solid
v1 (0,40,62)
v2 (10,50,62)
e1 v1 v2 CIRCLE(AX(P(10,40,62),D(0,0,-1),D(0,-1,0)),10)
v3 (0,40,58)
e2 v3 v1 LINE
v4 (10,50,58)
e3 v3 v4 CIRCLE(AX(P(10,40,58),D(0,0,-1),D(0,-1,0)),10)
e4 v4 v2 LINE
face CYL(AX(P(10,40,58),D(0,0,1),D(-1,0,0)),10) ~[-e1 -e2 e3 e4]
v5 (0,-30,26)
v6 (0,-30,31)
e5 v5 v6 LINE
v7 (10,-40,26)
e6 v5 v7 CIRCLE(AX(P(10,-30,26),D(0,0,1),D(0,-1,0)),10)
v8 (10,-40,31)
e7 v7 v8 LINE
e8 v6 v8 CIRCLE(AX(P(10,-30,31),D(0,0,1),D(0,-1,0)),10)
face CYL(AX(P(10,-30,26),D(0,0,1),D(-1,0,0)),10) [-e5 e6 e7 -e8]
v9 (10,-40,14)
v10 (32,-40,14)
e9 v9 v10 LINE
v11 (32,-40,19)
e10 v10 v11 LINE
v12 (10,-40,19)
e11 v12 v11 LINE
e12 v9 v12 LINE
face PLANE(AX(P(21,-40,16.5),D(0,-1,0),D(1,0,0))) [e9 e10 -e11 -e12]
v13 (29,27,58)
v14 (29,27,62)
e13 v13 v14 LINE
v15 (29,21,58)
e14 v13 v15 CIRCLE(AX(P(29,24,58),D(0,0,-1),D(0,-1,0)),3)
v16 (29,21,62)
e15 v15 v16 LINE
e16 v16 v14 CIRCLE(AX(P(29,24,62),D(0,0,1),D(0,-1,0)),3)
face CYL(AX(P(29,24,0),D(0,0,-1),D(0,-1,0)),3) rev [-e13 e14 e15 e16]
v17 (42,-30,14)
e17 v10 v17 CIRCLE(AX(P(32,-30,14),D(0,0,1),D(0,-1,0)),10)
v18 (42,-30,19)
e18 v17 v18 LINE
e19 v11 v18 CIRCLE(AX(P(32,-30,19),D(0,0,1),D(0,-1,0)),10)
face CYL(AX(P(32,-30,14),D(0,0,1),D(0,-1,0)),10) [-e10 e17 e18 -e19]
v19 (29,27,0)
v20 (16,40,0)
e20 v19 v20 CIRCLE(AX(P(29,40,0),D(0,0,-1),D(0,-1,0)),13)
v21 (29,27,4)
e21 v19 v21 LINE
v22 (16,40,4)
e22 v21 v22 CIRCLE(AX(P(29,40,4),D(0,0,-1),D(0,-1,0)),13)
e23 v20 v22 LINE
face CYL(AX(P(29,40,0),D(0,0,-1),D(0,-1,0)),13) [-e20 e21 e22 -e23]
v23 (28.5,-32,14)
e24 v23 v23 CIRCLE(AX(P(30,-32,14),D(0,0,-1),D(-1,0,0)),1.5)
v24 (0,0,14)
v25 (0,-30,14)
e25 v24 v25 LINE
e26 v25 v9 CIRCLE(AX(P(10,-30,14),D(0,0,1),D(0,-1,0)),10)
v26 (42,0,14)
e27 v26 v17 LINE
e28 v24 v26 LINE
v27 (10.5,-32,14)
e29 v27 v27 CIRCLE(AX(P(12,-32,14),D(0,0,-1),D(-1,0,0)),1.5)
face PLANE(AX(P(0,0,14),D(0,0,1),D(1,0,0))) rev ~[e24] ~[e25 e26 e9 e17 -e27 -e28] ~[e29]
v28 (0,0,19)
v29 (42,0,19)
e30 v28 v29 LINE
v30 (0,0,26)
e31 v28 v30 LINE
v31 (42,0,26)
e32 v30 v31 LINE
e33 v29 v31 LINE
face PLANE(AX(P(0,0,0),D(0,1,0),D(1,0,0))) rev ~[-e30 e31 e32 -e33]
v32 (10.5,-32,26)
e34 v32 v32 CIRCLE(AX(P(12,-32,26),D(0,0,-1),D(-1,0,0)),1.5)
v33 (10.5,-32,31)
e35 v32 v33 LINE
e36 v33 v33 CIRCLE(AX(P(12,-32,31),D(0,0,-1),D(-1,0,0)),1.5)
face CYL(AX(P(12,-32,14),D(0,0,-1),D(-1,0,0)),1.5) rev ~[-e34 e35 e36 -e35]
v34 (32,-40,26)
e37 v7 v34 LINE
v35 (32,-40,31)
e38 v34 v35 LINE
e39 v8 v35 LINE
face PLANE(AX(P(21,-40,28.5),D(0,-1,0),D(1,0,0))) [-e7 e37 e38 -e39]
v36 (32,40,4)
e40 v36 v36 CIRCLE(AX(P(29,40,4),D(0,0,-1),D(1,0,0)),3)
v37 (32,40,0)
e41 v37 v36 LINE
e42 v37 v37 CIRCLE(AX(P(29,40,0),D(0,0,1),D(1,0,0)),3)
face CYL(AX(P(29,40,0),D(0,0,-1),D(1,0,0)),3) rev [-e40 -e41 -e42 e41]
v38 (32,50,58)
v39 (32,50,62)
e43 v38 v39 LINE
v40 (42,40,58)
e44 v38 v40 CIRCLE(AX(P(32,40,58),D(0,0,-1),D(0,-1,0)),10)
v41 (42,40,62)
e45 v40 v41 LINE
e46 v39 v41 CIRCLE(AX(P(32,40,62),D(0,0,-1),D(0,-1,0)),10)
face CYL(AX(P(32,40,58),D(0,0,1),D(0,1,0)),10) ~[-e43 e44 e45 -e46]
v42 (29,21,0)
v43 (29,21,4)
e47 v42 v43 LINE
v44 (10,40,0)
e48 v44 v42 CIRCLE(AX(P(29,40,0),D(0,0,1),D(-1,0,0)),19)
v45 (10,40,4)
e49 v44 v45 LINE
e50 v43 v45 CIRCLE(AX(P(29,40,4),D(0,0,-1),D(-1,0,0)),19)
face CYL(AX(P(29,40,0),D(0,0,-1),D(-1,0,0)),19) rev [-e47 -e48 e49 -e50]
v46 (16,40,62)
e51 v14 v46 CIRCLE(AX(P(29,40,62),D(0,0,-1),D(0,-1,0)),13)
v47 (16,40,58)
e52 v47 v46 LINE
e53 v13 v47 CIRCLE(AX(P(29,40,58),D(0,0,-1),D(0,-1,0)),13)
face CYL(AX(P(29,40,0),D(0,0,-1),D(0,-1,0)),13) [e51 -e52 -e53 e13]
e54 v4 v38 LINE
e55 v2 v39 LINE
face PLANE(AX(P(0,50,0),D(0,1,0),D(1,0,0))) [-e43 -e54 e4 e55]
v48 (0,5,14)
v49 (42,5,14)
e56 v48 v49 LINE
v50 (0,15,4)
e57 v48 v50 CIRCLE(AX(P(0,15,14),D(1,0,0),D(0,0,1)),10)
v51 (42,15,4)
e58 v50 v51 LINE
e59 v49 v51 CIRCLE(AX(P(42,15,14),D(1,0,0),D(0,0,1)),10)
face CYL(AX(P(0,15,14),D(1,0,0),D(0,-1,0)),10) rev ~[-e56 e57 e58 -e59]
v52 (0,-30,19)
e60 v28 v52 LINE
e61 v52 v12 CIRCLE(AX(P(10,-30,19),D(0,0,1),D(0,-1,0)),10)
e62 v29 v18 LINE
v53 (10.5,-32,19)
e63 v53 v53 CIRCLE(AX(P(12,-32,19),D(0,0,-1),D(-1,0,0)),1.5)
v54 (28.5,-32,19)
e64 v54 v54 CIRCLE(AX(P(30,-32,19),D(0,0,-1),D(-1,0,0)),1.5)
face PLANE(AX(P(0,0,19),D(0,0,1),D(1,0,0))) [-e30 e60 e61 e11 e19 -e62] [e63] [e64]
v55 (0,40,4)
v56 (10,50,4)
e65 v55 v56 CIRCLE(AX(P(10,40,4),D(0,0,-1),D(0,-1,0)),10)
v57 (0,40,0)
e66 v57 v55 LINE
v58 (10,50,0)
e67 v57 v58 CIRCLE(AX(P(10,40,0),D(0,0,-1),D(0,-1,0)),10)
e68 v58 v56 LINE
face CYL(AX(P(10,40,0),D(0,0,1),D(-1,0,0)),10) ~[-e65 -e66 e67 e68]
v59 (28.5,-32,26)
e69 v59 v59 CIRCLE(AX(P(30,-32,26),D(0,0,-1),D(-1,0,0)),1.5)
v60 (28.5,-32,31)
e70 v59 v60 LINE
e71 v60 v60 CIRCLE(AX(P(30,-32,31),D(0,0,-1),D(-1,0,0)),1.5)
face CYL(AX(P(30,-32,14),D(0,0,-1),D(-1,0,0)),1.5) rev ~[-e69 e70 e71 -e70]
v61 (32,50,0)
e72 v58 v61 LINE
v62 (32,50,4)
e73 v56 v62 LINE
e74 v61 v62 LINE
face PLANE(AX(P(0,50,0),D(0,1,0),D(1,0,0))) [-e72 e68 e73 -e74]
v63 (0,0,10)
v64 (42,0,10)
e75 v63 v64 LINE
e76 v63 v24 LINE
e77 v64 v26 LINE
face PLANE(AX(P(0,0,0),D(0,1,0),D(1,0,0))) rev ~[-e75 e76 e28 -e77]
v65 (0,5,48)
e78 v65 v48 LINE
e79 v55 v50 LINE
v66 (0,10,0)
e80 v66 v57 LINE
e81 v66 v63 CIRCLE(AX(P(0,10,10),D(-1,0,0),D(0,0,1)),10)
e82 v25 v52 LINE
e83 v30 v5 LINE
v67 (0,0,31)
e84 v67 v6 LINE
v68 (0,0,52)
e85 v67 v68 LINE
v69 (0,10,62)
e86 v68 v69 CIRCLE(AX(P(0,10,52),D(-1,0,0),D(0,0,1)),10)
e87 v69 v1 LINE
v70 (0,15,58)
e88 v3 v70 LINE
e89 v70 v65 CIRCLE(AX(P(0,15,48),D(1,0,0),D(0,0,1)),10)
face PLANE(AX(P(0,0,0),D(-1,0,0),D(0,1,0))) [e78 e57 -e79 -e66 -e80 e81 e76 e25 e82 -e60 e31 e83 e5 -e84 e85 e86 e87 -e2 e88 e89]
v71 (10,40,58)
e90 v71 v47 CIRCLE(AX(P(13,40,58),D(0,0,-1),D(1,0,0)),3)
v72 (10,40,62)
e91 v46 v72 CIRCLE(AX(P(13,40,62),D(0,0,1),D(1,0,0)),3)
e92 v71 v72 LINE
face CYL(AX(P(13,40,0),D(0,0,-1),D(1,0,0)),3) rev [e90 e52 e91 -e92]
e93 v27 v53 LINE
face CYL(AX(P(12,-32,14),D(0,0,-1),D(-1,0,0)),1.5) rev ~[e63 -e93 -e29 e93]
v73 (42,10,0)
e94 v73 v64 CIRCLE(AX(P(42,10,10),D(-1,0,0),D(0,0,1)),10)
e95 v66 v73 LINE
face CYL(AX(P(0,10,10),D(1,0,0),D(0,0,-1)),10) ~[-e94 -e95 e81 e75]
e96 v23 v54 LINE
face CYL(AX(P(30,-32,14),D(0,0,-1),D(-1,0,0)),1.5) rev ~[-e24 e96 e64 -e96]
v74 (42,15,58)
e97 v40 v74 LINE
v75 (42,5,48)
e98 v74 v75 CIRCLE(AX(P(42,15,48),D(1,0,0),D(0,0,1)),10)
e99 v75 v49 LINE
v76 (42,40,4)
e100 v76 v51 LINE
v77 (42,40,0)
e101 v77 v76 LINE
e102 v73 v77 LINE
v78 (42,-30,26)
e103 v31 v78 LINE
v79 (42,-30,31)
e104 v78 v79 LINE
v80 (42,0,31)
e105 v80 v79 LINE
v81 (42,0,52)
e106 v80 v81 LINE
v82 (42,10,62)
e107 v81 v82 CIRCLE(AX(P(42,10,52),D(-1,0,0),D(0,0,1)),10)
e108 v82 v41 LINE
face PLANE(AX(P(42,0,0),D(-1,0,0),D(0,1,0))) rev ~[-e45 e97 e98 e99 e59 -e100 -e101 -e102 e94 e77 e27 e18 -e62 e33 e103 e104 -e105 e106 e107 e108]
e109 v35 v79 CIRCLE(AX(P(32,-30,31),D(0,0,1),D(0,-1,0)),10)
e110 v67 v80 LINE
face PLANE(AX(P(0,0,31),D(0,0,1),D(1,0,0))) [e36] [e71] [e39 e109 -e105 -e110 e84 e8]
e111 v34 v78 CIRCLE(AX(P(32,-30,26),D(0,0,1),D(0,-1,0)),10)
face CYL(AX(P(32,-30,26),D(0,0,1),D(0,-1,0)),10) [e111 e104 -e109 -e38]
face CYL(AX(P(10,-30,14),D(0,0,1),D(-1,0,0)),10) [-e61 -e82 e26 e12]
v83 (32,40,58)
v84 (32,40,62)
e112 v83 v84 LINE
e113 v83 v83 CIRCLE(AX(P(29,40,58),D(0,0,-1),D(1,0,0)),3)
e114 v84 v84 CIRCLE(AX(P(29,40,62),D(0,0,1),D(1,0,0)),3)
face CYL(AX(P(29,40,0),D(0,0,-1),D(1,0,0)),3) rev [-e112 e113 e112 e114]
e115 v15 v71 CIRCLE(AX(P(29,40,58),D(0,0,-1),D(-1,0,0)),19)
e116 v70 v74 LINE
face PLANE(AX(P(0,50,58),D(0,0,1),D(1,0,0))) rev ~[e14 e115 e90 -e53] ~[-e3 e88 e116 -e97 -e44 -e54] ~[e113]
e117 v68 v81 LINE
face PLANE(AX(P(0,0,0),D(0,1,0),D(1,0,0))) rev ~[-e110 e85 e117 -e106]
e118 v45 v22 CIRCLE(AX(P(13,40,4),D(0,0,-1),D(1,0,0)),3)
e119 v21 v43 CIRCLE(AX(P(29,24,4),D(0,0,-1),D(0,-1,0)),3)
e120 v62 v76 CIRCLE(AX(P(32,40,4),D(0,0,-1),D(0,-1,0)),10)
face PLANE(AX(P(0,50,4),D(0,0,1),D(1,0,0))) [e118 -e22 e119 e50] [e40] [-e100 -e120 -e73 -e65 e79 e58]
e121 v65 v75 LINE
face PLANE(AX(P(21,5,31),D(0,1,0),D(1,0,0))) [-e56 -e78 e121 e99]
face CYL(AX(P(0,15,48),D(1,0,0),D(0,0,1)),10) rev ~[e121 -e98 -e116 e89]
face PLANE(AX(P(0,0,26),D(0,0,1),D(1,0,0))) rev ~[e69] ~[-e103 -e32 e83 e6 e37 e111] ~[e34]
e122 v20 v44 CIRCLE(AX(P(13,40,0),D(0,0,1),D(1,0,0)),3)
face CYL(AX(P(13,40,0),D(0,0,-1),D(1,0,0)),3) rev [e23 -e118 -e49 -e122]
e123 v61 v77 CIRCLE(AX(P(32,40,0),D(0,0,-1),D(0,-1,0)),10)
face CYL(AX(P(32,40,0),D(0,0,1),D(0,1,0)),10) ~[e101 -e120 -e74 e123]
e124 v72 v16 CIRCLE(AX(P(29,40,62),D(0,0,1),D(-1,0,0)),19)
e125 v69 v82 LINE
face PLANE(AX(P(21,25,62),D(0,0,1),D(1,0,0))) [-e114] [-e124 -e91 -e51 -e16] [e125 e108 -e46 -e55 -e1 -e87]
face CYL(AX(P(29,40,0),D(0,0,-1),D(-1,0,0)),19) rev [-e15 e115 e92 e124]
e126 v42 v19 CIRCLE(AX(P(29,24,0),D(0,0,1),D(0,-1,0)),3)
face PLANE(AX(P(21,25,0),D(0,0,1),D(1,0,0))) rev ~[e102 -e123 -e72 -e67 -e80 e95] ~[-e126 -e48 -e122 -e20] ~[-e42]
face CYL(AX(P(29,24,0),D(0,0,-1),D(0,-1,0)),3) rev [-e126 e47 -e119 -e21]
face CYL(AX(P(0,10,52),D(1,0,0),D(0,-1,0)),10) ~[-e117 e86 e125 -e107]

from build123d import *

# Parameters (mm, degrees)
ESBO_O1_W                = 42
ESBO_O1_H                = 50
ESBO_O1_R                = 3
RESSALTO_EXTRUS_O2_DEPTH = 62
ESBO_O3_W                = 42
ESBO_O3_H                = 54
CORTE_EXTRUS_O1_DEPTH    = 45
ESBO_O7_W                = 42
ESBO_O7_H                = 5
RESSALTO_EXTRUS_O3_DEPTH = 40
ESBO_O10_R               = 1.5
CORTE_EXTRUS_O2_DEPTH    = 82.043198357
FILETE1_R                = 10


with BuildPart() as part:
    # Esboço1 → Ressalto-extrusão2 (new body)
    with BuildSketch(Plane.XY):
        with Locations((21, 25)):
            Rectangle(ESBO_O1_W, ESBO_O1_H)
        with Locations((29, 40)):
            Circle(ESBO_O1_R, mode=Mode.SUBTRACT)
        with BuildLine():
            ThreePointArc((10, 40), (15.564971157, 26.564971157), (29, 21))
            ThreePointArc((29, 21), (32, 24), (29, 27))
            ThreePointArc((29, 27), (19.807611845, 30.807611845), (16, 40))
            ThreePointArc((16, 40), (13, 43), (10, 40))
        make_face(mode=Mode.SUBTRACT)
    extrude(amount=RESSALTO_EXTRUS_O2_DEPTH)

    # Esboço3 → Corte-extrusão1 (cut)
    with BuildSketch(Plane(origin=(0, 50, 0), x_dir=(1, 0, 0), z_dir=(0, 1, 0))):
        with Locations((21, -31)):
            Rectangle(ESBO_O3_W, ESBO_O3_H)
    extrude(amount=-CORTE_EXTRUS_O1_DEPTH, mode=Mode.SUBTRACT)

    # Esboço7 → Ressalto-extrusão3 (add)
    with BuildSketch(Plane.XZ):
        with Locations((21, 16.5)):
            Rectangle(ESBO_O7_W, ESBO_O7_H)
        with Locations((21, 28.5)):
            Rectangle(ESBO_O7_W, ESBO_O7_H)
    extrude(amount=RESSALTO_EXTRUS_O3_DEPTH)

    # Esboço10 → Corte-extrusão2 (cut, through all)
    with BuildSketch(Plane(origin=(0, 0, 14), x_dir=(-1, 0, 0), z_dir=(0, 0, -1))):
        with Locations((-30, -32)):
            Circle(ESBO_O10_R)
        with Locations((-12, -32)):
            Circle(ESBO_O10_R)
    extrude(amount=-CORTE_EXTRUS_O2_DEPTH, mode=Mode.SUBTRACT)

    # Filete1
    filete1_edges = [part.edges().sort_by_distance(p)[0] for p in [
        (0, 50, 2),
        (42, 50, 2),
        (21, 5, 4),
        (21, 5, 58),
        (21, 0, 62),
        (21, 0, 0),
        (0, -40, 16.5),
        (42, -40, 16.5),
        (0, -40, 28.5),
        (42, -40, 28.5),
        (0, 50, 60),
        (42, 50, 60),
    ]]
    fillet(filete1_edges, radius=FILETE1_R)


solid = part.part
